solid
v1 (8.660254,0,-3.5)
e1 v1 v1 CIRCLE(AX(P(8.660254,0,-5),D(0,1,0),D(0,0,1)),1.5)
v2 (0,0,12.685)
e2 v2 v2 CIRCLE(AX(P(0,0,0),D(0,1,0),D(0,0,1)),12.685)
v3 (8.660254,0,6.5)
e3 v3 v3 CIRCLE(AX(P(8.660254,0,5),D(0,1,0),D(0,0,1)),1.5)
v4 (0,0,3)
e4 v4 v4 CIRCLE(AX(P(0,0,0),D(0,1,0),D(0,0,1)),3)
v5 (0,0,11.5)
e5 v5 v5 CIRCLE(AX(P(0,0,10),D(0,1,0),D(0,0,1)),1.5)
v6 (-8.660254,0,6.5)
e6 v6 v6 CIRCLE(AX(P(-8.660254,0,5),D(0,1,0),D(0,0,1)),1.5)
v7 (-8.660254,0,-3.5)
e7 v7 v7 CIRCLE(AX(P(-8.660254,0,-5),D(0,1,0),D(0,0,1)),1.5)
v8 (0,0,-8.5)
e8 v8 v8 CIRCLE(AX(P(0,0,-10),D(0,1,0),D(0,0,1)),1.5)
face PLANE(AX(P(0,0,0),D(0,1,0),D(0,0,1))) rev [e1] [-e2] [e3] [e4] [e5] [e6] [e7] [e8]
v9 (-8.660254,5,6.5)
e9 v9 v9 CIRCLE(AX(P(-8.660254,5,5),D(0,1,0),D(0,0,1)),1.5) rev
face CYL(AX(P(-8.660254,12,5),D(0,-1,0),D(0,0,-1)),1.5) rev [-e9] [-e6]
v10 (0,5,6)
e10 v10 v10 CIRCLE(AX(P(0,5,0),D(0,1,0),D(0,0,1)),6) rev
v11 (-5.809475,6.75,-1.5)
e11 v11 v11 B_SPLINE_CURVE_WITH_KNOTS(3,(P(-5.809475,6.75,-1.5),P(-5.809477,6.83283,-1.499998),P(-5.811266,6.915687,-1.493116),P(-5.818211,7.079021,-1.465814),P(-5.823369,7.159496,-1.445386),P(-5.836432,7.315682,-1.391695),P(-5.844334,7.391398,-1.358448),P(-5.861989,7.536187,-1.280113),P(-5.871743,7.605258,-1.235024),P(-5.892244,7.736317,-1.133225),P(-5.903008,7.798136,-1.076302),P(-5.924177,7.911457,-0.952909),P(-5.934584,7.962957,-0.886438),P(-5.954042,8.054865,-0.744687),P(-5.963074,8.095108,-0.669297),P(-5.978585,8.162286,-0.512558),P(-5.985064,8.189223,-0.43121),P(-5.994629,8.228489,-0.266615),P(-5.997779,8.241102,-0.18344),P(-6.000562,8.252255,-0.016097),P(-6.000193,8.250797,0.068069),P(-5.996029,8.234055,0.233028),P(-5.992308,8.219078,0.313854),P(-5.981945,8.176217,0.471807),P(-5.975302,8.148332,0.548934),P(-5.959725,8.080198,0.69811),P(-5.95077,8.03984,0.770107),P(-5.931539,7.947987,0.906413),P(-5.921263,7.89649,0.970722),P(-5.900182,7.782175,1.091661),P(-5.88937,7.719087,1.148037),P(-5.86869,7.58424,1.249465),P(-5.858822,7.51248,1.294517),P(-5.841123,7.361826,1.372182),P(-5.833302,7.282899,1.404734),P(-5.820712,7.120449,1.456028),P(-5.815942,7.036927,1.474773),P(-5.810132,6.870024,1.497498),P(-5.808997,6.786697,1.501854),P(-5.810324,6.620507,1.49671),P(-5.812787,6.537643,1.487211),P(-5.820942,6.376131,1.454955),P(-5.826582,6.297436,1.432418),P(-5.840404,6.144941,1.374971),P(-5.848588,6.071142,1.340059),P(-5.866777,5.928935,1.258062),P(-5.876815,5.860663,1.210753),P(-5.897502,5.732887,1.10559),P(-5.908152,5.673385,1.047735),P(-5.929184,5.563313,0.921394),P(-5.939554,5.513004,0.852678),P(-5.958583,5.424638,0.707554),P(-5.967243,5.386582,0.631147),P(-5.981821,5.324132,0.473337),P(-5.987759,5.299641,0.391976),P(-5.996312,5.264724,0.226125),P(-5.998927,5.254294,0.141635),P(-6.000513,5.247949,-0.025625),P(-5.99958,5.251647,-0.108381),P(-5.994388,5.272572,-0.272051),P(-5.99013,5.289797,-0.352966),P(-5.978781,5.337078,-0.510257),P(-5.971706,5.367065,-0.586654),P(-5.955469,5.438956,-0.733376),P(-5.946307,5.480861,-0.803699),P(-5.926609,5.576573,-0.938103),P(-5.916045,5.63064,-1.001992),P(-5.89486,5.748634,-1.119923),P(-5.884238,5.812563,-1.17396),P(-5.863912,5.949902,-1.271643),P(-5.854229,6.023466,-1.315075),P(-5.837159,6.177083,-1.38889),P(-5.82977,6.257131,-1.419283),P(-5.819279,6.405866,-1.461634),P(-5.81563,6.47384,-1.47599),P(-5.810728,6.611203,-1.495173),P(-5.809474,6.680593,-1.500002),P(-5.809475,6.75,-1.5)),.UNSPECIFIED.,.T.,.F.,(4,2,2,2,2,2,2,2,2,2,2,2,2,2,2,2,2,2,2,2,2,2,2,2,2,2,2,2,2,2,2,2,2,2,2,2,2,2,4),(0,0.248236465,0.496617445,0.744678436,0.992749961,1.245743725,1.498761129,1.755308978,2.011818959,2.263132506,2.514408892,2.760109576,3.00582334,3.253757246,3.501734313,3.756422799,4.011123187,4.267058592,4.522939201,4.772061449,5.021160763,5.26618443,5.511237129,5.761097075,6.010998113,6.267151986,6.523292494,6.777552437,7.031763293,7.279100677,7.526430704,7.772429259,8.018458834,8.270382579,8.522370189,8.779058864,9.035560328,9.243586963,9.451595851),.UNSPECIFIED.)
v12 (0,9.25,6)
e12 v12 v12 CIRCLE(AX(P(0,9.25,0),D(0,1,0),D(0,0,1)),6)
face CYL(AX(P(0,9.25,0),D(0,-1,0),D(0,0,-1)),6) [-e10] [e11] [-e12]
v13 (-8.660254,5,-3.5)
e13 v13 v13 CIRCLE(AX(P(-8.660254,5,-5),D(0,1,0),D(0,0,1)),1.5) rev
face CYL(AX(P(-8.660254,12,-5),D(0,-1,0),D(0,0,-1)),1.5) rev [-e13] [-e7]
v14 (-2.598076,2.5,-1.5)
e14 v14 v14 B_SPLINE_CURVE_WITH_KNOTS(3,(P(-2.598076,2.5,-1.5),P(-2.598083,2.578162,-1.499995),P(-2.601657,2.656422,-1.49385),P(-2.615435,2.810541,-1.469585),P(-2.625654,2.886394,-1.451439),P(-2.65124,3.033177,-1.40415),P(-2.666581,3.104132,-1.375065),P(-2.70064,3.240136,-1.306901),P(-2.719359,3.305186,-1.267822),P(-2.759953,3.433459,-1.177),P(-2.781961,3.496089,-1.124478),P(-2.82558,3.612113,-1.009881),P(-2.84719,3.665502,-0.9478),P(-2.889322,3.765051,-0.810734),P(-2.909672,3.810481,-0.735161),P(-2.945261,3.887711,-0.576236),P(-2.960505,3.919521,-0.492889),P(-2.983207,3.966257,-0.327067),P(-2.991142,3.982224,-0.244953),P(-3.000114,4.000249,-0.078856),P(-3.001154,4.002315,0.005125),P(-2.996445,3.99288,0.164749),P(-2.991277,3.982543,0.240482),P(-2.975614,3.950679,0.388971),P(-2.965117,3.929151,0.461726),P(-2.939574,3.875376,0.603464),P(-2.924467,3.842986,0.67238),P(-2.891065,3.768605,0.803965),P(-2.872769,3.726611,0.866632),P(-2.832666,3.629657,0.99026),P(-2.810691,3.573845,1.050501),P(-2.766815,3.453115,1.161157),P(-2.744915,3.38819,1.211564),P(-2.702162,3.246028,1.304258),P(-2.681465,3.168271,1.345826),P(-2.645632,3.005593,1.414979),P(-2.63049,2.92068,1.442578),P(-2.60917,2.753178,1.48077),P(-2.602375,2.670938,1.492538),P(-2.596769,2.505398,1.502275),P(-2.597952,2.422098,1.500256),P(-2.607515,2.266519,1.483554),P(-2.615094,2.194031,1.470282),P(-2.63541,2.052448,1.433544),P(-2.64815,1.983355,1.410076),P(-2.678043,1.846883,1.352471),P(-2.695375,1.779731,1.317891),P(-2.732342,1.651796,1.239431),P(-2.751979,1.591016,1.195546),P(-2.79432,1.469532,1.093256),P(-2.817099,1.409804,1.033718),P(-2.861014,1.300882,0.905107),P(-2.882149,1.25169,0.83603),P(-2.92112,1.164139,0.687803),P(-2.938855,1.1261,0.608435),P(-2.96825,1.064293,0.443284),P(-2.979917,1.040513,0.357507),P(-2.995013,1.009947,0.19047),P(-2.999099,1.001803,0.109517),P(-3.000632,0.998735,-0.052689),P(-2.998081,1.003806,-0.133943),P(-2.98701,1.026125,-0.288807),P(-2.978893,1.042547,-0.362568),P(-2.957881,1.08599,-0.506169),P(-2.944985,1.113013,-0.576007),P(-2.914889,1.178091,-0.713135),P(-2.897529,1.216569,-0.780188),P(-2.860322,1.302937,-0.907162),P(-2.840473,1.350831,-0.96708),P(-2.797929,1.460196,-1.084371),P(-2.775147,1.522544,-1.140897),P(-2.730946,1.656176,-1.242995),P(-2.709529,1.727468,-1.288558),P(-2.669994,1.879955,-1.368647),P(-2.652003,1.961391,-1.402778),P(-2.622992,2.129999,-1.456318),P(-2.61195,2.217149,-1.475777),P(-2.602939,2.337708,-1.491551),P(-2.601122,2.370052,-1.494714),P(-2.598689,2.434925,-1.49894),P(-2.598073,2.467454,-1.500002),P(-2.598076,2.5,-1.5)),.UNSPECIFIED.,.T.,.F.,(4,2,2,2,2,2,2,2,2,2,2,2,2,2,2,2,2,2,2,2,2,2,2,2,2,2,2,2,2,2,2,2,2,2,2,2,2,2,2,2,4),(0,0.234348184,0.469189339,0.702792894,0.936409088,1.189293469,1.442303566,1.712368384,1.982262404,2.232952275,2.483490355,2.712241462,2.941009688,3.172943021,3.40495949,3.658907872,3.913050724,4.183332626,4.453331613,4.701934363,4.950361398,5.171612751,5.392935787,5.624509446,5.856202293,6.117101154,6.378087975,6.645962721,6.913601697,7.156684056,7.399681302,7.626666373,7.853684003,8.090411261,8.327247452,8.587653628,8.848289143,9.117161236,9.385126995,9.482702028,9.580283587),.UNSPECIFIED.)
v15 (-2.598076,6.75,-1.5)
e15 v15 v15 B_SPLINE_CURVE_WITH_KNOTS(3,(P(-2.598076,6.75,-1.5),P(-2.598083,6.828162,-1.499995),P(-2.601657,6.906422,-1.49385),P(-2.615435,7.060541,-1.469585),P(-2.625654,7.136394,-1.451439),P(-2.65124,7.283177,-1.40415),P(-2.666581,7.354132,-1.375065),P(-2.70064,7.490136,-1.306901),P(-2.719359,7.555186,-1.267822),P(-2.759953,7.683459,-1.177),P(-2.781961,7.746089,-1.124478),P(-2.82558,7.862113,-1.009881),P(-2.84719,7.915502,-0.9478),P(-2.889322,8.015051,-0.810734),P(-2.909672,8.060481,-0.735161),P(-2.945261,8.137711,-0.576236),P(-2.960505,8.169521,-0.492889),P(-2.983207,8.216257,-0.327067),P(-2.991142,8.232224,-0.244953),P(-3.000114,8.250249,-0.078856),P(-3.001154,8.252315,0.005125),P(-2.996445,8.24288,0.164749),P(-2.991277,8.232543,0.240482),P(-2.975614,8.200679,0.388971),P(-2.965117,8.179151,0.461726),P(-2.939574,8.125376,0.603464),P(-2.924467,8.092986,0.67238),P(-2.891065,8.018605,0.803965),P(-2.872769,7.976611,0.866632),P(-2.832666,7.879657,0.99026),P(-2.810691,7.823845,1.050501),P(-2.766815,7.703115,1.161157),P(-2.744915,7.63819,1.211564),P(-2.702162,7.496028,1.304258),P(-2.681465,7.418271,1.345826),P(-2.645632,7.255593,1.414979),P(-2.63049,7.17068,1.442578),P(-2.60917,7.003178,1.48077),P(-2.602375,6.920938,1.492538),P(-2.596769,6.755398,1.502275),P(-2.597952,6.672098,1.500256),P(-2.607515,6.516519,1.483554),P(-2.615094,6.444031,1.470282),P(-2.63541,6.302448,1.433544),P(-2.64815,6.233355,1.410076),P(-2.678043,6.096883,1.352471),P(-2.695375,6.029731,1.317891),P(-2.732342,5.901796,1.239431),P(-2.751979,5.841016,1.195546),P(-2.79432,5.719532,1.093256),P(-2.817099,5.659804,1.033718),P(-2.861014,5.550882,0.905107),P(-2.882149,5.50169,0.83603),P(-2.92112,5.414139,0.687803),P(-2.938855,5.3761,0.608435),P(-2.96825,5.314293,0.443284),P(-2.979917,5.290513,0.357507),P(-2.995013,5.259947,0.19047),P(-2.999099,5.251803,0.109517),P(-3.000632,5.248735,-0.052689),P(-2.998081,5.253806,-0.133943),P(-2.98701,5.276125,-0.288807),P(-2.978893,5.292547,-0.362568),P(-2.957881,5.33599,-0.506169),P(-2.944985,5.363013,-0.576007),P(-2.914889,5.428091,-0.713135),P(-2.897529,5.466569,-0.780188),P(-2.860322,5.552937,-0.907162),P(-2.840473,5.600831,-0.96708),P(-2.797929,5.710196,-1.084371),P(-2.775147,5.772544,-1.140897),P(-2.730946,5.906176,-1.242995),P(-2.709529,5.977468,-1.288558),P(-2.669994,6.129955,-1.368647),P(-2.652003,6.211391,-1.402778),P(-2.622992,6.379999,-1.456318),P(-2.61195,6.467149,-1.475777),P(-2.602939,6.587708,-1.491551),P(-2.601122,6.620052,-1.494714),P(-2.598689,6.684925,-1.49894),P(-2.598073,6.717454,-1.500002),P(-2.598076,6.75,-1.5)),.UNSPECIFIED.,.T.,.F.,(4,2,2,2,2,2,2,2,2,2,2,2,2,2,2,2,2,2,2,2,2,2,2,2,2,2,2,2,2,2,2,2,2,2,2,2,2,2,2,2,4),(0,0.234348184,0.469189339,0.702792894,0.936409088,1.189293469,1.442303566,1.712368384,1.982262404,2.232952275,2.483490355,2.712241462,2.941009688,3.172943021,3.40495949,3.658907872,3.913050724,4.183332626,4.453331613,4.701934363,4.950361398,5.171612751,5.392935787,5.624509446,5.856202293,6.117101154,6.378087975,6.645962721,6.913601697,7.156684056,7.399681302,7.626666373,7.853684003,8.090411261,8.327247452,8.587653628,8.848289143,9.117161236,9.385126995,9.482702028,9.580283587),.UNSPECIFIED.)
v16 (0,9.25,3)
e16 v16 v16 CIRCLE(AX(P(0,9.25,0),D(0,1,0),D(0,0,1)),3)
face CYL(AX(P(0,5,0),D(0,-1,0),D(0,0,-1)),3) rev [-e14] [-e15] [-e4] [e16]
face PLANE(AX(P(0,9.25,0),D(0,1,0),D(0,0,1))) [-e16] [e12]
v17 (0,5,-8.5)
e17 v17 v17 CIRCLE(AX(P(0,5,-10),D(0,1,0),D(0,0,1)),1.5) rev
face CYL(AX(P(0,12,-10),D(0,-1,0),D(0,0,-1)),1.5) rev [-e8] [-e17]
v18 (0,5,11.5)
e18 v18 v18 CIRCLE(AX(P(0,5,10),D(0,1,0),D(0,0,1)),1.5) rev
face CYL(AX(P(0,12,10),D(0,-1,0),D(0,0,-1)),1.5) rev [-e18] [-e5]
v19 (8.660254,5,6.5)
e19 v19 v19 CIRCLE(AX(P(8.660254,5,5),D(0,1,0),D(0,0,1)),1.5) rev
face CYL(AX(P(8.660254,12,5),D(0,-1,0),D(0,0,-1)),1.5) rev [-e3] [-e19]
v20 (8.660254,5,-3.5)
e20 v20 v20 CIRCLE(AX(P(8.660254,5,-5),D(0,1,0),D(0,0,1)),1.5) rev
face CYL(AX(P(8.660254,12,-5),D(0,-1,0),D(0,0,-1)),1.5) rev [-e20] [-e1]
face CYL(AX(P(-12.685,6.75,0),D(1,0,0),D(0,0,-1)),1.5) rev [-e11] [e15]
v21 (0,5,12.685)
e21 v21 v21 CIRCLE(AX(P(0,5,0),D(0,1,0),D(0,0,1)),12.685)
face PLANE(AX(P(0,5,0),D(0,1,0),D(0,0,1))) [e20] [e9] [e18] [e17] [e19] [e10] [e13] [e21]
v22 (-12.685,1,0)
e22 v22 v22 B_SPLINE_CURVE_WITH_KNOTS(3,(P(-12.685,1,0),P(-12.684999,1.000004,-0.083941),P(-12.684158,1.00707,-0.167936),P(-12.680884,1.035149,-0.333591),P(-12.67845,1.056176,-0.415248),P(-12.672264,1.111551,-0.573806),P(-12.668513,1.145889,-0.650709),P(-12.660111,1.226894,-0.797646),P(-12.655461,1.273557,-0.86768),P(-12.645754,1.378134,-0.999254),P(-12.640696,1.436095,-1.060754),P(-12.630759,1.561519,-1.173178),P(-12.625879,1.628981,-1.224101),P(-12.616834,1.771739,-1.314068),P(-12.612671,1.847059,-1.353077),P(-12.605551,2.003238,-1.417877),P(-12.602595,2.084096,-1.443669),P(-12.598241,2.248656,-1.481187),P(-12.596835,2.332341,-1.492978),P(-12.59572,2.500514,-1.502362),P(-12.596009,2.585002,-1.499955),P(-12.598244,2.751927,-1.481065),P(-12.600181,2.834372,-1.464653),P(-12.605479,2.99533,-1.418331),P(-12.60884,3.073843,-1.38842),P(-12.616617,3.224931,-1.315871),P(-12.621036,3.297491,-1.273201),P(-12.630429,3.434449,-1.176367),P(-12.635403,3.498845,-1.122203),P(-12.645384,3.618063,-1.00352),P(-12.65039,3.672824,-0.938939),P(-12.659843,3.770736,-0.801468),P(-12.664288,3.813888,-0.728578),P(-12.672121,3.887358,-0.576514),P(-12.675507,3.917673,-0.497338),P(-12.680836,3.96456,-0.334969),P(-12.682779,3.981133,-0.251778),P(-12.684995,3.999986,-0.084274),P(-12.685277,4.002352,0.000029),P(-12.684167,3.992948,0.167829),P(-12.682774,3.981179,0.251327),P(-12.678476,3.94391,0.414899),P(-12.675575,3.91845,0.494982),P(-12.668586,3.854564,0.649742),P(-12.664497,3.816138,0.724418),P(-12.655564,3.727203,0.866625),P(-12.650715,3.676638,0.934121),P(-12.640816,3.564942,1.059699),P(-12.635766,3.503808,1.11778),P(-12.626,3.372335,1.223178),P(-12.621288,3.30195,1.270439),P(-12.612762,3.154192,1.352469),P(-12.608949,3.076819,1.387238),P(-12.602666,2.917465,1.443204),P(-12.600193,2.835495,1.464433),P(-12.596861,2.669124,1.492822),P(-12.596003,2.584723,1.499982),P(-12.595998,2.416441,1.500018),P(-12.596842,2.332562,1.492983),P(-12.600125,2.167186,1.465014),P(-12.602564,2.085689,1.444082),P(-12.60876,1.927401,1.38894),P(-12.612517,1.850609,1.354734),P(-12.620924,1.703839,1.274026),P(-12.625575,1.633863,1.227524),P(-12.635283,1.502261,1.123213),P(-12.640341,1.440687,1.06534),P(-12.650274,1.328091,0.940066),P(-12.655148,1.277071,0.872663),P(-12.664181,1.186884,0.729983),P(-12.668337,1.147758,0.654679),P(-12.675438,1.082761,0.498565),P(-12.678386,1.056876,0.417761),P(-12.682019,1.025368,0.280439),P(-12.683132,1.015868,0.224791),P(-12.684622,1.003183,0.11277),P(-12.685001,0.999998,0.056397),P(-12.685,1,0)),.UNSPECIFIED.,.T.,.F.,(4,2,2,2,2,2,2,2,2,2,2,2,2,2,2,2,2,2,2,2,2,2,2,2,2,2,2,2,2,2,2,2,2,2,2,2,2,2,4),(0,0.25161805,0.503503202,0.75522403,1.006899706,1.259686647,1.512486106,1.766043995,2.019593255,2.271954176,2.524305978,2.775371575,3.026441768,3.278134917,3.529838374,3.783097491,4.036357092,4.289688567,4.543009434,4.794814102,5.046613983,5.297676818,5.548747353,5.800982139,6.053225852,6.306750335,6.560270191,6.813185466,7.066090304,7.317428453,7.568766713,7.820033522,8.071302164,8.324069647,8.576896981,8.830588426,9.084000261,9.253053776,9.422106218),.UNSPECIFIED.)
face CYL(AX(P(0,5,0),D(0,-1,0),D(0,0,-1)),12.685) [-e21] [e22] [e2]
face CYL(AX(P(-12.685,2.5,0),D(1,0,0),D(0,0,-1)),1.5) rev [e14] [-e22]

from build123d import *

# Parameters (mm, degrees)
SKETCH1_R           = 12.685
SKETCH1_R_2         = 3
BOSS_EXTRUDE1_DEPTH = 5
SKETCH2_R           = 6
SKETCH2_R_2         = 3
BOSS_EXTRUDE2_DEPTH = 9.25
SKETCH3_R           = 1.5
CUT_EXTRUDE1_DEPTH  = 12
SKETCH5_R           = 1.5
CUT_EXTRUDE3_DEPTH  = 21.183680289


with BuildPart() as part:
    # Sketch1 → Boss-Extrude1 (new body)
    with BuildSketch(Plane(origin=(0, 0, 0), x_dir=(1, 0, 0), z_dir=(0, 1, 0))):
        with Locations(Location((0, 0, 0), (0, 0, 270))):
            Circle(SKETCH1_R)
        with Locations(Location((0, 0, 0), (0, 0, 270))):
            Circle(SKETCH1_R_2, mode=Mode.SUBTRACT)
    extrude(amount=BOSS_EXTRUDE1_DEPTH)

    # Sketch2 → Boss-Extrude2 (add)
    with BuildSketch(Plane(origin=(0, 0, 0), x_dir=(1, 0, 0), z_dir=(0, 1, 0))):
        with Locations(Location((0, 0, 0), (0, 0, 270))):
            Circle(SKETCH2_R)
        with Locations(Location((0, 0, 0), (0, 0, 270))):
            Circle(SKETCH2_R_2, mode=Mode.SUBTRACT)
    extrude(amount=BOSS_EXTRUDE2_DEPTH)

    # Sketch3 → Cut-Extrude1 (cut)
    with BuildSketch(Plane(origin=(0, 0, 0), x_dir=(1, 0, 0), z_dir=(0, 1, 0))):
        with Locations(Location((0, 10, 0), (0, 0, 270))):
            Circle(SKETCH3_R)
        with Locations(Location((8.660254038, 5, 0), (0, 0, 270))):
            Circle(SKETCH3_R)
        with Locations(Location((8.660254038, -5, 0), (0, 0, 270))):
            Circle(SKETCH3_R)
        with Locations(Location((0, -10, 0), (0, 0, 270))):
            Circle(SKETCH3_R)
        with Locations(Location((-8.660254038, -5, 0), (0, 0, 270))):
            Circle(SKETCH3_R)
        with Locations(Location((-8.660254038, 5, 0), (0, 0, 270))):
            Circle(SKETCH3_R)
    extrude(amount=CUT_EXTRUDE1_DEPTH, mode=Mode.SUBTRACT)

    # Sketch5 → Cut-Extrude3 (cut, through all)
    with BuildSketch(Plane(origin=(0, 0, 0), x_dir=(0, -1, 0), z_dir=(1, 0, 0))):
        with Locations(Location((-6.75, 0, 0), (0, 0, 90))):
            Circle(SKETCH5_R)
        with Locations(Location((-2.5, 0, 0), (0, 0, 90))):
            Circle(SKETCH5_R)
    extrude(amount=-CUT_EXTRUDE3_DEPTH, mode=Mode.SUBTRACT)


solid = part.part
